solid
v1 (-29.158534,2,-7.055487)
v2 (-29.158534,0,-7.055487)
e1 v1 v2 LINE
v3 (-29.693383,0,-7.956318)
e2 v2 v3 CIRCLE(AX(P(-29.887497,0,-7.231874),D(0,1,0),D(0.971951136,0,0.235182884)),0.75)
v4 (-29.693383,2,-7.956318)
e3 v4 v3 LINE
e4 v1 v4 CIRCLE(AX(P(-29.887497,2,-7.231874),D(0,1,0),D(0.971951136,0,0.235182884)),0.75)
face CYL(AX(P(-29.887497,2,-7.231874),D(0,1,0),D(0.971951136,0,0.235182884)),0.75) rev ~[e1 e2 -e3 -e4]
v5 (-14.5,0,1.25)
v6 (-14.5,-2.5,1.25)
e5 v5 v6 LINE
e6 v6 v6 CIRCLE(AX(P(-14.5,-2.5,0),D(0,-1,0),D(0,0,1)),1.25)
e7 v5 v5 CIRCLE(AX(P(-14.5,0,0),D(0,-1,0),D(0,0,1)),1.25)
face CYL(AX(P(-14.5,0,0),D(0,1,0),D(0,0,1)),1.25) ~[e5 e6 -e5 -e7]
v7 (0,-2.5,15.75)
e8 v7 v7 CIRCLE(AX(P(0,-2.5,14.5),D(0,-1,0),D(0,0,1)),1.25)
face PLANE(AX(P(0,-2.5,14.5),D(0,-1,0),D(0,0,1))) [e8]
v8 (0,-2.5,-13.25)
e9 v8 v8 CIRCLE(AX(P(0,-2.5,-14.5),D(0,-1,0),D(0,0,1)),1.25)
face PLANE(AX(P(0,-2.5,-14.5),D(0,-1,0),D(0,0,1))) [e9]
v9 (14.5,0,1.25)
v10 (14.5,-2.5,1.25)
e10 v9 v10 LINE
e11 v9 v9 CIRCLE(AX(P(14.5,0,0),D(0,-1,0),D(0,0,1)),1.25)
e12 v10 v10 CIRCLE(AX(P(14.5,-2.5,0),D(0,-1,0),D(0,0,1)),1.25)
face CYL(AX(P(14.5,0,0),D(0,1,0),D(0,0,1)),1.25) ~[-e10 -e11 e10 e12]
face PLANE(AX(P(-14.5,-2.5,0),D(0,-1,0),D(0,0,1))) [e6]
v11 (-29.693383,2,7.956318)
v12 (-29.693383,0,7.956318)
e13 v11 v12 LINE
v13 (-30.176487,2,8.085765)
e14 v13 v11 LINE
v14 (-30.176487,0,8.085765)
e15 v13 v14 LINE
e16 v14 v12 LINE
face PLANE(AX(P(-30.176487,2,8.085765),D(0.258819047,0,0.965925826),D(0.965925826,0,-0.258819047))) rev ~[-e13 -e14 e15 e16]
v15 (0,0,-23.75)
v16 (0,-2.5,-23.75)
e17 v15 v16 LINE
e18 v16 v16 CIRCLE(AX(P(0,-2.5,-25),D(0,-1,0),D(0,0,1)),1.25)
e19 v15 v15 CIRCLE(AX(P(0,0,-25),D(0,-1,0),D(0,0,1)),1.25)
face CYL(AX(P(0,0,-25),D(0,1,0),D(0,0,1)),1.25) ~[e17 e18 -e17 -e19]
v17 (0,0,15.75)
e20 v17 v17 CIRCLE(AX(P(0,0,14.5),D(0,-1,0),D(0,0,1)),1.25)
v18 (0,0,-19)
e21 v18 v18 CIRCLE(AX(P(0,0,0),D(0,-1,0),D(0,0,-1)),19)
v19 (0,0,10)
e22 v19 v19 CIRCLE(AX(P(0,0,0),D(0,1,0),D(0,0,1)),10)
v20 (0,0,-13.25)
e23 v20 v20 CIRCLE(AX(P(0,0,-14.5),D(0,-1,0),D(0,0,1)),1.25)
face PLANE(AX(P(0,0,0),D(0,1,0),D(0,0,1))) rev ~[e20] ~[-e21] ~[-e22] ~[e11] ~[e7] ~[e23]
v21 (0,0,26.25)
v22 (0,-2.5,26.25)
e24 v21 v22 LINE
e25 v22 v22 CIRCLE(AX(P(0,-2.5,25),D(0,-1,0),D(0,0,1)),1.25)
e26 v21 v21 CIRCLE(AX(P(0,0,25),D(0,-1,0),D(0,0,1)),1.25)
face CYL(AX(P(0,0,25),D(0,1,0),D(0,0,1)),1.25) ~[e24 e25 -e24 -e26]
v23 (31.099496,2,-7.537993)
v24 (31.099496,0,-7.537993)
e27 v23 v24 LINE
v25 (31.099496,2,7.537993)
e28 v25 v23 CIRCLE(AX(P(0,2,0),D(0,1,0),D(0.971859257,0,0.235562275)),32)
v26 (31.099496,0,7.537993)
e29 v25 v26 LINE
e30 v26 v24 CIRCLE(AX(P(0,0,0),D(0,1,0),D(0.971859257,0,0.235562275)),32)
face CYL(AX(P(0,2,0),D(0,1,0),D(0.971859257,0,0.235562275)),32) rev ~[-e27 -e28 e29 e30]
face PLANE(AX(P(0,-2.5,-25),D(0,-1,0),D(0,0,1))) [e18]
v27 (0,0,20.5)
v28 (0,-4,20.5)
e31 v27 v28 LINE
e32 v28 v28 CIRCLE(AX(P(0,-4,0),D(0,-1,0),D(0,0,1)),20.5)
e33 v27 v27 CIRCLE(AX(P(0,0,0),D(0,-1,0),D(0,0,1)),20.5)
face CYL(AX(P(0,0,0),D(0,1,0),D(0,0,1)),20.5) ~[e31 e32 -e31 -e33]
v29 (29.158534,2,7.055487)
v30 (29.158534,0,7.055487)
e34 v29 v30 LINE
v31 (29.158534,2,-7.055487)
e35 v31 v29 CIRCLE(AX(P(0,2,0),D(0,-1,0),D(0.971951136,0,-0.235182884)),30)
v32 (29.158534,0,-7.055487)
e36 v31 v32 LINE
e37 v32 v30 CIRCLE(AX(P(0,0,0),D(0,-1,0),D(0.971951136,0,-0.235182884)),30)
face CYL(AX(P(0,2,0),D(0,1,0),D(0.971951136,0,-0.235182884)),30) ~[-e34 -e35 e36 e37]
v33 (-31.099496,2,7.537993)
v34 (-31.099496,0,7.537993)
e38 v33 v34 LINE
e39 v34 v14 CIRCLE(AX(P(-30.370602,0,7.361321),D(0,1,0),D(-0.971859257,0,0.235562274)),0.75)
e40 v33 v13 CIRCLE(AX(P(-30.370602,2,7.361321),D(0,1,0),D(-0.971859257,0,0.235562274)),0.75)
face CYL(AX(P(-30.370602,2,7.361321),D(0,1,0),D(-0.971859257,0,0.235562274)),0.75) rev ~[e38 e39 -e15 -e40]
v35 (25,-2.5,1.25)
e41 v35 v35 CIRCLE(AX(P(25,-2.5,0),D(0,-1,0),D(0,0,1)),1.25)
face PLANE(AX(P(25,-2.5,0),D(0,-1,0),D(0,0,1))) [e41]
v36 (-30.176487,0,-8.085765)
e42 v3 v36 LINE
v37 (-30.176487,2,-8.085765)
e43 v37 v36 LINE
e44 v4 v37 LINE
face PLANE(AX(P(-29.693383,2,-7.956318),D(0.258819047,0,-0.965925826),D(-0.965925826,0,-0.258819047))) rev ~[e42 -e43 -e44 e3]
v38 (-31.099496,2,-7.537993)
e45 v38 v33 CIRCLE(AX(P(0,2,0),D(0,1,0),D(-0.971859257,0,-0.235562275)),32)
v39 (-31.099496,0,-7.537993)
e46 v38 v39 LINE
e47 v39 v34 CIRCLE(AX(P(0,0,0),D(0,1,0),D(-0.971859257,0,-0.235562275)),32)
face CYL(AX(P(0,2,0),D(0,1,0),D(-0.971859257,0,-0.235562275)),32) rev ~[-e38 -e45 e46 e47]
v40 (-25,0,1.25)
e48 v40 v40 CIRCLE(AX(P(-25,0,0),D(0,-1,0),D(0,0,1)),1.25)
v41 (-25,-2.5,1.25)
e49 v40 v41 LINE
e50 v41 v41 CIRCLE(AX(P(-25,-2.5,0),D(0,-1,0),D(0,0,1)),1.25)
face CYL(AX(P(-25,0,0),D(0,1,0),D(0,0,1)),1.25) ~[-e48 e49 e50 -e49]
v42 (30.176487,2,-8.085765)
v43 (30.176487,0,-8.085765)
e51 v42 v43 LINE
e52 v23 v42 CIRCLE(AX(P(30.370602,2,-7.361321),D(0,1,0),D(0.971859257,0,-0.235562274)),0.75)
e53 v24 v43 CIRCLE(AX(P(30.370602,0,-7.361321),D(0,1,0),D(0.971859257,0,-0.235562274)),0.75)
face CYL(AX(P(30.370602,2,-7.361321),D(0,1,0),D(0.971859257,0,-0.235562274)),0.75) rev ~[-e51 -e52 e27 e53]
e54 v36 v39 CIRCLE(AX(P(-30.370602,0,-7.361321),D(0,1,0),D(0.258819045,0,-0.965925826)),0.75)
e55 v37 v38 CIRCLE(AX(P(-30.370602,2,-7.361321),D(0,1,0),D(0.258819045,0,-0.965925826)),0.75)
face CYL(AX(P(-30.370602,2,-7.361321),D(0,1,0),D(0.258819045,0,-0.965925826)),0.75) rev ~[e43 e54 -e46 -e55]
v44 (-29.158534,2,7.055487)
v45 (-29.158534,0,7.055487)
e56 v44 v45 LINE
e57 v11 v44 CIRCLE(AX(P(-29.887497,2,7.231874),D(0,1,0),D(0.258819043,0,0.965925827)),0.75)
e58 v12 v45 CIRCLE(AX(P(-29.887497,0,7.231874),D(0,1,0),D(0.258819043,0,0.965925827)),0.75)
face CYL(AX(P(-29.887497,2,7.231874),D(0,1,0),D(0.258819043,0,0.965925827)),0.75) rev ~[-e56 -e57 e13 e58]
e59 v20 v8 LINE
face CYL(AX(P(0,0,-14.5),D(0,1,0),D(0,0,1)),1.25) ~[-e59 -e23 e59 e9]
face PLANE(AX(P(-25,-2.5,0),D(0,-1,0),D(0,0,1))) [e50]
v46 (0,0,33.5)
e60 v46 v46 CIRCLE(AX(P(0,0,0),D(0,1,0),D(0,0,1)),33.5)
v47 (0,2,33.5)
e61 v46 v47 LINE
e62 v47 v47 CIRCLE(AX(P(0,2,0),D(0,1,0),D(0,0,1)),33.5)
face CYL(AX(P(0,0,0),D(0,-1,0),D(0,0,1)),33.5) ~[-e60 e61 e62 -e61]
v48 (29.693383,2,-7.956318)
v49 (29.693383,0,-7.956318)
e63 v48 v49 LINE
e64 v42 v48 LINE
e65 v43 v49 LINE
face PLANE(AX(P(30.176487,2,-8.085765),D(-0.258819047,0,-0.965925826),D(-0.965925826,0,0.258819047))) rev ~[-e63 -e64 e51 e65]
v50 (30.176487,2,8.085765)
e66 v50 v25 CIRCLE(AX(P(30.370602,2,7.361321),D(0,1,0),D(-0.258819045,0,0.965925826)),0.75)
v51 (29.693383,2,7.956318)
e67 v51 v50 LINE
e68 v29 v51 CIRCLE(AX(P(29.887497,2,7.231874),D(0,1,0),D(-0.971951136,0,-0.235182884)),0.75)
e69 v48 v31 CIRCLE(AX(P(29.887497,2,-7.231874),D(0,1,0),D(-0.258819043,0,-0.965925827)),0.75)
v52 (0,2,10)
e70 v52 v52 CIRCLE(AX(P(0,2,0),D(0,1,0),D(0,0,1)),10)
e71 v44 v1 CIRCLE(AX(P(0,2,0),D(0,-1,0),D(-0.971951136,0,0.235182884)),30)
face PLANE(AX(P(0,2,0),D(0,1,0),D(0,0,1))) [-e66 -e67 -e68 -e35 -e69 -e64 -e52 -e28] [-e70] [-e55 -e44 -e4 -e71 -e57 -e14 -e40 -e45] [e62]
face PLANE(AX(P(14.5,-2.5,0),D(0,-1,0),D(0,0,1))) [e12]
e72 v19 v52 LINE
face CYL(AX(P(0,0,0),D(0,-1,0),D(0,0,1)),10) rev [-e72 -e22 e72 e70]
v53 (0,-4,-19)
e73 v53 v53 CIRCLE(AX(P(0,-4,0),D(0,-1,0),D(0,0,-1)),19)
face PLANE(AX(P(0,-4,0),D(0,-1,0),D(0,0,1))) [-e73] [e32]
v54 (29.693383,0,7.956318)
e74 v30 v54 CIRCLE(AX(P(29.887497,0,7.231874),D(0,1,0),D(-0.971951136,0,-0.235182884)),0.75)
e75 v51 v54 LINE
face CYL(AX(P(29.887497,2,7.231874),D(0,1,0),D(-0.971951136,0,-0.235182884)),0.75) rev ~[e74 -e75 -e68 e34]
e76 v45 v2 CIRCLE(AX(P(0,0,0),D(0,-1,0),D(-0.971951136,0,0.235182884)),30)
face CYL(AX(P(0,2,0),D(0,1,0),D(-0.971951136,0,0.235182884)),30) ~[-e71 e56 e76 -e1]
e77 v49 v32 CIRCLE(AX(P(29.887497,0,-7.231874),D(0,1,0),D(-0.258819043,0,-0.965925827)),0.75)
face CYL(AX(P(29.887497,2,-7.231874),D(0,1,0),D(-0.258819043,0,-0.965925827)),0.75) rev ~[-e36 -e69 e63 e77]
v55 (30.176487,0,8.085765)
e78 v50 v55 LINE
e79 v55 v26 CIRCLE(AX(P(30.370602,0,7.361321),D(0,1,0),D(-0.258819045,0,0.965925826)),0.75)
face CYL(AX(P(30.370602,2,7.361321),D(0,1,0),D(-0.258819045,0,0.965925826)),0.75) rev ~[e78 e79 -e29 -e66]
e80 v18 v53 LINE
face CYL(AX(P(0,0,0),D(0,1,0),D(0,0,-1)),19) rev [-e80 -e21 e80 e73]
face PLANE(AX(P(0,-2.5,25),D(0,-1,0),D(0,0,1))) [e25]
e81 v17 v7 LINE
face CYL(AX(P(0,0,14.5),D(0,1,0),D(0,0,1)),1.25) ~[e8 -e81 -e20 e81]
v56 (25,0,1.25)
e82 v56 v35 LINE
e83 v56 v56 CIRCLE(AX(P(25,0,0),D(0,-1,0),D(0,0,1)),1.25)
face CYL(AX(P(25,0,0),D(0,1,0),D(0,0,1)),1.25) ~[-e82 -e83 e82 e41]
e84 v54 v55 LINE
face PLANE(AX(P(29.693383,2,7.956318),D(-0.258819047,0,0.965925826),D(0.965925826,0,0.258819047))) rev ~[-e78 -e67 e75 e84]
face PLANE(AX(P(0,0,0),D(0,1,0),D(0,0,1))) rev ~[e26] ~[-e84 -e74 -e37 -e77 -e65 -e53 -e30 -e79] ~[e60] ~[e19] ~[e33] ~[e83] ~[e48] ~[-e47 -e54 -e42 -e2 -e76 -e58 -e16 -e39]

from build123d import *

# Parameters (mm, degrees)
SKETCH_1_R          = 33.5
SKETCH_1_R_2        = 10
EXTRUDE_1_DEPTH     = 2
SKETCH_2_R          = 1.25
EXTRUDE_2_DEPTH     = 2.5
CUT_EXTRUDE_1_DEPTH = 2
SKETCH_4_R          = 20.5
SKETCH_4_R_2        = 19
EXTRUDE_3_DEPTH     = 4
SKETCH_5_R          = 1.25
EXTRUDE_4_DEPTH     = 2.5


with BuildPart() as part:
    # Эскиз1 → Бобышка-Вытянуть1 (new body)
    with BuildSketch(Plane(origin=(0, 0, 0), x_dir=(1, 0, 0), z_dir=(0, 1, 0))):
        with Locations(Location((0, 0, 0), (0, 0, 270))):
            Circle(SKETCH_1_R)
        with Locations(Location((0, 0, 0), (0, 0, 270))):
            Circle(SKETCH_1_R_2, mode=Mode.SUBTRACT)
    extrude(amount=EXTRUDE_1_DEPTH)

    # Эскиз2 → Бобышка-Вытянуть2 (add)
    with BuildSketch(Plane.XZ):
        with Locations(Location((0, 25, 0), (0, 0, 90))):
            Circle(SKETCH_2_R)
        with Locations(Location((-25, 0, 0), (0, 0, 90))):
            Circle(SKETCH_2_R)
        with Locations(Location((25, 0, 0), (0, 0, 90))):
            Circle(SKETCH_2_R)
        with Locations(Location((0, -25, 0), (0, 0, 90))):
            Circle(SKETCH_2_R)
    extrude(amount=EXTRUDE_2_DEPTH)

    # Эскиз3 → Вырез-Вытянуть1 (cut)
    with BuildSketch(Plane(origin=(0, 2, 0), x_dir=(1, 0, 0), z_dir=(0, 1, 0))):
        with BuildLine():
            Line((-29.693383157, 7.956318037), (-30.176487487, 8.085765453))
            ThreePointArc((-30.176487487, 8.085765453), (-30.753369556, 8.006293038), (-31.099496213, 7.537992789))
            ThreePointArc((-31.099496213, 7.537992789), (-32, 0), (-31.099496213, -7.537992789))
            ThreePointArc((-31.099496213, -7.537992789), (-30.753369556, -8.006293038), (-30.176487487, -8.085765453))
            Line((-30.176487487, -8.085765453), (-29.693383157, -7.956318037))
            ThreePointArc((-29.693383157, -7.956318037), (-29.242600206, -7.614767331), (-29.158534088, -7.055486505))
            ThreePointArc((-29.158534088, -7.055486505), (-30, 0), (-29.158534088, 7.055486505))
            ThreePointArc((-29.158534088, 7.055486505), (-29.242600206, 7.614767331), (-29.693383157, 7.956318037))
        make_face()
        with BuildLine():
            Line((29.693383157, -7.956318037), (30.176487487, -8.085765453))
            ThreePointArc((30.176487487, -8.085765453), (30.753369556, -8.006293038), (31.099496213, -7.537992789))
            ThreePointArc((31.099496213, -7.537992789), (32, 0), (31.099496213, 7.537992789))
            ThreePointArc((31.099496213, 7.537992789), (30.753369556, 8.006293038), (30.176487487, 8.085765453))
            Line((30.176487487, 8.085765453), (29.693383157, 7.956318037))
            ThreePointArc((29.693383157, 7.956318037), (29.242600206, 7.614767331), (29.158534088, 7.055486505))
            ThreePointArc((29.158534088, 7.055486505), (30, 0), (29.158534088, -7.055486505))
            ThreePointArc((29.158534088, -7.055486505), (29.242600206, -7.614767331), (29.693383157, -7.956318037))
        make_face()
    extrude(amount=-CUT_EXTRUDE_1_DEPTH, mode=Mode.SUBTRACT)

    # Эскиз4 → Бобышка-Вытянуть3 (add)
    with BuildSketch(Plane.XZ):
        with Locations(Location((0, 0, 0), (0, 0, 90))):
            Circle(SKETCH_4_R)
        with Locations(Location((0, 0, 0), (0, 0, 270))):
            Circle(SKETCH_4_R_2, mode=Mode.SUBTRACT)
    extrude(amount=EXTRUDE_3_DEPTH)

    # Эскиз5 → Бобышка-Вытянуть4 (add)
    with BuildSketch(Plane.XZ):
        with Locations(Location((0, 14.5, 0), (0, 0, 90))):
            Circle(SKETCH_5_R)
        with Locations(Location((14.5, 0, 0), (0, 0, 90))):
            Circle(SKETCH_5_R)
        with Locations(Location((0, -14.5, 0), (0, 0, 90))):
            Circle(SKETCH_5_R)
        with Locations(Location((-14.5, 0, 0), (0, 0, 90))):
            Circle(SKETCH_5_R)
    extrude(amount=EXTRUDE_4_DEPTH)


solid = part.part
